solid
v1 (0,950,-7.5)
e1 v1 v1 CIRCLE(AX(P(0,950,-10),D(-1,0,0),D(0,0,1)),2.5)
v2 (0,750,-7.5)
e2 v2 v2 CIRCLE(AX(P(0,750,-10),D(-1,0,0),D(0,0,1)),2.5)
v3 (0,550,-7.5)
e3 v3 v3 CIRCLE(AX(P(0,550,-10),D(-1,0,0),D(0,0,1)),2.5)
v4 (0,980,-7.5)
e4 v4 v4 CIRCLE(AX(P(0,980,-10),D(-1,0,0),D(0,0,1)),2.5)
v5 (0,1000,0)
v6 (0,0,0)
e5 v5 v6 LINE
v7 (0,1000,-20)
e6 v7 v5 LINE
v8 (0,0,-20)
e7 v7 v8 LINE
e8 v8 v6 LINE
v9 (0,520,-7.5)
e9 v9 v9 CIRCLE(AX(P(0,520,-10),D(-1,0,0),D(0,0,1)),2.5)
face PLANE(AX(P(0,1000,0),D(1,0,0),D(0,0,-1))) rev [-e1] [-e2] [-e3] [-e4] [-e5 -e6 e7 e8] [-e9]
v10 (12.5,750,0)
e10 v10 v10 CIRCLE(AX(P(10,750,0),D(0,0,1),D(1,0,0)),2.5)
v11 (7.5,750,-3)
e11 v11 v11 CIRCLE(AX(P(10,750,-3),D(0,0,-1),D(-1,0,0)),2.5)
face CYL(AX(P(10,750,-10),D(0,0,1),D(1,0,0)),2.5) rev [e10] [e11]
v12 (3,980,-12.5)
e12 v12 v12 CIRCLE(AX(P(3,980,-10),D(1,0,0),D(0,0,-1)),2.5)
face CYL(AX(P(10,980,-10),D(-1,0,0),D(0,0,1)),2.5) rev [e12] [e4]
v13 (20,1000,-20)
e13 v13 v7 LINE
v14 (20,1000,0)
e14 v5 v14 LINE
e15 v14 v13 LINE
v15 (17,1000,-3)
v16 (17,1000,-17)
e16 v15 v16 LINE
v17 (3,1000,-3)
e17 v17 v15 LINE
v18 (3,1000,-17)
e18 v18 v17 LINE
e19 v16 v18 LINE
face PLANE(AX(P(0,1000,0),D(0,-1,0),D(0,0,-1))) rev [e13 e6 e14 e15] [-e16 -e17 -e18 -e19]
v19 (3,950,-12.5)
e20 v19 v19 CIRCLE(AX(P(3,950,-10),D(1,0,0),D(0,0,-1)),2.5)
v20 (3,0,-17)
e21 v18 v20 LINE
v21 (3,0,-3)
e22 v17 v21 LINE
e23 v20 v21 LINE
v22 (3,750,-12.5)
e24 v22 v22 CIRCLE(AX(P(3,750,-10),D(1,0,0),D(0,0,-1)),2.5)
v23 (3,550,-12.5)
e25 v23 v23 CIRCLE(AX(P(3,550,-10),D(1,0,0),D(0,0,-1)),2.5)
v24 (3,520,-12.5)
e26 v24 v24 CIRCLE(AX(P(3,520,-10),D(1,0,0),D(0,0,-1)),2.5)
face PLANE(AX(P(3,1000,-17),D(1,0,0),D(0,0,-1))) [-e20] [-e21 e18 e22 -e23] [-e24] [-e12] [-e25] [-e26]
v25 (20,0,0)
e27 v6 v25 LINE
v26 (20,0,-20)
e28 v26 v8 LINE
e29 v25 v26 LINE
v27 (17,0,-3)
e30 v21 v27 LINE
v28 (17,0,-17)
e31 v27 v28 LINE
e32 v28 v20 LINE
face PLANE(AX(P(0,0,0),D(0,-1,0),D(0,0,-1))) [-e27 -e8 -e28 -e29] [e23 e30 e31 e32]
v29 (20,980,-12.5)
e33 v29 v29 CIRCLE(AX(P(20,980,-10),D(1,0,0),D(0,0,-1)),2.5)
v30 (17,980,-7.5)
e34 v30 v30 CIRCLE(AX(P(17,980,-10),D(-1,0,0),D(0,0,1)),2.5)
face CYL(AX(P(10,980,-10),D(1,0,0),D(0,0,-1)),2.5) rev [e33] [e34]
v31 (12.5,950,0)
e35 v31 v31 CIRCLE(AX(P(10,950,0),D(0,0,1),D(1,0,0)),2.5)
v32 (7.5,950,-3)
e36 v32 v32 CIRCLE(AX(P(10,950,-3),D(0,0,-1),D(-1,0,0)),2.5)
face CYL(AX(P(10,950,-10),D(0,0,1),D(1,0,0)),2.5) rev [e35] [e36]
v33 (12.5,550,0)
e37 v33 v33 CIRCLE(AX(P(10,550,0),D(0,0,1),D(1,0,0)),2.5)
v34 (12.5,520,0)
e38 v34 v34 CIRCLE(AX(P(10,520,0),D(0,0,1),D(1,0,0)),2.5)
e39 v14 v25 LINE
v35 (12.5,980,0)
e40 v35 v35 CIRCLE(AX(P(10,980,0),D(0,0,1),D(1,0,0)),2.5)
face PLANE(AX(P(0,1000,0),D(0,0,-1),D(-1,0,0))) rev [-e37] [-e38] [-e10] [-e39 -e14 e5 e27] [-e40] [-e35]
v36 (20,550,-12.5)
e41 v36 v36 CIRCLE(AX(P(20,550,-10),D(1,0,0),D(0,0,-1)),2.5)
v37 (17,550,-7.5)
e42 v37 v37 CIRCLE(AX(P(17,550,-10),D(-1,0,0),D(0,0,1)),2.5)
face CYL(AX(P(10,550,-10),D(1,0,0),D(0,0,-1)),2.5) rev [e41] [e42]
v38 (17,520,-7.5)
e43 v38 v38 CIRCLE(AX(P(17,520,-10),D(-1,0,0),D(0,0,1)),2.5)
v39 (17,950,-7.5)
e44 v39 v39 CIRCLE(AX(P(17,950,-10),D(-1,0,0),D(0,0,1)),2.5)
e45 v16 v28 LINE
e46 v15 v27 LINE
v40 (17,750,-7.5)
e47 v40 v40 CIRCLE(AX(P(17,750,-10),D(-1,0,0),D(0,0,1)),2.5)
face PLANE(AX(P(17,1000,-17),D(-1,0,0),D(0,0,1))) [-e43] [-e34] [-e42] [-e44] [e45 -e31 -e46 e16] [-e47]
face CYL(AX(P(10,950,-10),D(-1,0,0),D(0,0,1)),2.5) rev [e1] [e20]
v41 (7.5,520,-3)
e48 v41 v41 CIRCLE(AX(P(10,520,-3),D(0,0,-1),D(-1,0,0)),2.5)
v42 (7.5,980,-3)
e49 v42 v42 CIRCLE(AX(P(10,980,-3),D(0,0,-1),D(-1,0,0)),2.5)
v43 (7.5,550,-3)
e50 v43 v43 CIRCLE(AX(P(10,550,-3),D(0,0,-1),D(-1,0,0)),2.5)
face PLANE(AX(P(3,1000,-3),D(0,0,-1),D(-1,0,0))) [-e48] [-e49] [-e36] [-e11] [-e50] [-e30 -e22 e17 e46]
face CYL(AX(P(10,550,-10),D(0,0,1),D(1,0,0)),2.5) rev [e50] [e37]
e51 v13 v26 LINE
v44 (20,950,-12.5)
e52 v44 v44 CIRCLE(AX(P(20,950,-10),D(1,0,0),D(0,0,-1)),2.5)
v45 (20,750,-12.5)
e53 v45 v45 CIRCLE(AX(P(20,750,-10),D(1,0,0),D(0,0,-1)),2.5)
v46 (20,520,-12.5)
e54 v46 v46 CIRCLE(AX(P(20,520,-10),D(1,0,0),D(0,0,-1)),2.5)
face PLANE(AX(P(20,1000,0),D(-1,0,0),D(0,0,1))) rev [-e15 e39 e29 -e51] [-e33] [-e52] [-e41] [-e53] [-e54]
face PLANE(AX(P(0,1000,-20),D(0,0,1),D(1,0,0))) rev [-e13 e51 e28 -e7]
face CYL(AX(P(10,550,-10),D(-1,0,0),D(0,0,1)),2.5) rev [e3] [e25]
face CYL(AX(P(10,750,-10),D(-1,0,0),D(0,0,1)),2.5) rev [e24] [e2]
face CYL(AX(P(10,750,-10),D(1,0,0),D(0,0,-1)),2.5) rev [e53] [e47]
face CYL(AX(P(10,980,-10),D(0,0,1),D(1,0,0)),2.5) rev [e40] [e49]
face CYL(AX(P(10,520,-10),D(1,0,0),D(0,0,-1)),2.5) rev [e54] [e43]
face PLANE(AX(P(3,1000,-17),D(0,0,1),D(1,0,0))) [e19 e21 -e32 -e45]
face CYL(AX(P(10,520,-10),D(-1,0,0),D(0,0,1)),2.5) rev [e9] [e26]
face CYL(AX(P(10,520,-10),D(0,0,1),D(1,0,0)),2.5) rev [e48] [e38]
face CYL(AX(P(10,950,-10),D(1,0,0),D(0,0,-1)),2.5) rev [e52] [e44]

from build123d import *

# Parameters (mm, degrees)
SKETCH1_W                   = 20
SKETCH1_H                   = 20
SKETCH1_W_2                 = 14
SKETCH1_H_2                 = 14
BOSS_EXTRUDE1_DEPTH         = 1000
SKETCH3_R                   = 2.5
CUT_EXTRUDE1_DEPTH          = 10
LPATTERN1_COUNT             = 3
LPATTERN1_PITCH             = 230
CIRPATTERN1_COPY_1_SKETCH_R = 2.5
CIRPATTERN1_COPY_1_DEPTH    = 10
CIRPATTERN1_COPY_2_SKETCH_R = 2.5
CIRPATTERN1_COPY_2_DEPTH    = 10
CIRPATTERN1_COPY_3_SKETCH_R = 2.5
CIRPATTERN1_COPY_3_DEPTH    = 10
CIRPATTERN1_COPY_4_SKETCH_R = 2.5
CIRPATTERN1_COPY_4_DEPTH    = 10
CIRPATTERN1_COPY_5_SKETCH_R = 2.5
CIRPATTERN1_COPY_5_DEPTH    = 10
CIRPATTERN1_COPY_6_SKETCH_R = 2.5
CIRPATTERN1_COPY_6_DEPTH    = 10
SKETCH6_R                   = 2.5
CUT_EXTRUDE2_DEPTH          = 10
LPATTERN2_COUNT             = 2
LPATTERN2_PITCH             = 400
CIRPATTERN2_COPY_1_SKETCH_R = 2.5
CIRPATTERN2_COPY_1_DEPTH    = 10
CIRPATTERN2_COPY_2_SKETCH_R = 2.5
CIRPATTERN2_COPY_2_DEPTH    = 10
CIRPATTERN2_COPY_3_SKETCH_R = 2.5
CIRPATTERN2_COPY_3_DEPTH    = 10
CIRPATTERN2_COPY_4_SKETCH_R = 2.5
CIRPATTERN2_COPY_4_DEPTH    = 10


with BuildPart() as part:
    # Sketch1 → Boss-Extrude1 (new body)
    with BuildSketch(Plane(origin=(0, 0, 0), x_dir=(1, 0, 0), z_dir=(0, 1, 0))):
        with Locations((10, 10)):
            Rectangle(SKETCH1_W, SKETCH1_H)
        with Locations((10, 10)):
            Rectangle(SKETCH1_W_2, SKETCH1_H_2, mode=Mode.SUBTRACT)
    extrude(amount=BOSS_EXTRUDE1_DEPTH)

    # Sketch3 → Cut-Extrude1 (cut)
    with BuildSketch(Plane(origin=(20, 0, 0), x_dir=(0, 0, -1), z_dir=(1, 0, 0))):
        with Locations((10, 980)):
            Circle(SKETCH3_R)
    cut_extrude1 = extrude(amount=-CUT_EXTRUDE1_DEPTH, mode=Mode.SUBTRACT)

    # LPattern1: Cut-Extrude1 ×3
    with Locations(*[(0, -i * LPATTERN1_PITCH, 0) for i in range(1, LPATTERN1_COUNT)]):
        add(cut_extrude1, mode=Mode.SUBTRACT)

    # CirPattern1 copy 1 sketch → CirPattern1 copy 1 (cut)
    with BuildSketch(Plane(origin=(0, -230, 0), x_dir=(1, 0, 0), z_dir=(0, 0, 1))):
        with Locations((10, 980)):
            Circle(CIRPATTERN1_COPY_1_SKETCH_R)
    extrude(amount=-CIRPATTERN1_COPY_1_DEPTH, mode=Mode.SUBTRACT)

    # CirPattern1 copy 2 sketch → CirPattern1 copy 2 (cut)
    with BuildSketch(Plane(origin=(0, -230, -20), x_dir=(0, 0, 1), z_dir=(-1, 0, 0))):
        with Locations((10, 980)):
            Circle(CIRPATTERN1_COPY_2_SKETCH_R)
    extrude(amount=-CIRPATTERN1_COPY_2_DEPTH, mode=Mode.SUBTRACT)

    # CirPattern1 copy 3 sketch → CirPattern1 copy 3 (cut)
    with BuildSketch(Plane(origin=(0, -460, 0), x_dir=(1, 0, 0), z_dir=(0, 0, 1))):
        with Locations((10, 980)):
            Circle(CIRPATTERN1_COPY_3_SKETCH_R)
    extrude(amount=-CIRPATTERN1_COPY_3_DEPTH, mode=Mode.SUBTRACT)

    # CirPattern1 copy 4 sketch → CirPattern1 copy 4 (cut)
    with BuildSketch(Plane(origin=(0, -460, -20), x_dir=(0, 0, 1), z_dir=(-1, 0, 0))):
        with Locations((10, 980)):
            Circle(CIRPATTERN1_COPY_4_SKETCH_R)
    extrude(amount=-CIRPATTERN1_COPY_4_DEPTH, mode=Mode.SUBTRACT)

    # CirPattern1 copy 5 sketch → CirPattern1 copy 5 (cut)
    with BuildSketch(Plane.XY):
        with Locations((10, 980)):
            Circle(CIRPATTERN1_COPY_5_SKETCH_R)
    extrude(amount=-CIRPATTERN1_COPY_5_DEPTH, mode=Mode.SUBTRACT)

    # CirPattern1 copy 6 sketch → CirPattern1 copy 6 (cut)
    with BuildSketch(Plane(origin=(0, 0, -20), x_dir=(0, 0, 1), z_dir=(-1, 0, 0))):
        with Locations((10, 980)):
            Circle(CIRPATTERN1_COPY_6_SKETCH_R)
    extrude(amount=-CIRPATTERN1_COPY_6_DEPTH, mode=Mode.SUBTRACT)

    # Sketch6 → Cut-Extrude2 (cut)
    with BuildSketch(Plane(origin=(20, 0, 0), x_dir=(0, 0, -1), z_dir=(1, 0, 0))):
        with Locations((10, 950)):
            Circle(SKETCH6_R)
    cut_extrude2 = extrude(amount=-CUT_EXTRUDE2_DEPTH, mode=Mode.SUBTRACT)

    # LPattern2: Cut-Extrude2 ×2
    with Locations(*[(0, -i * LPATTERN2_PITCH, 0) for i in range(1, LPATTERN2_COUNT)]):
        add(cut_extrude2, mode=Mode.SUBTRACT)

    # CirPattern2 copy 1 sketch → CirPattern2 copy 1 (cut)
    with BuildSketch(Plane(origin=(0, -400, 0), x_dir=(1, 0, 0), z_dir=(0, 0, 1))):
        with Locations((10, 950)):
            Circle(CIRPATTERN2_COPY_1_SKETCH_R)
    extrude(amount=-CIRPATTERN2_COPY_1_DEPTH, mode=Mode.SUBTRACT)

    # CirPattern2 copy 2 sketch → CirPattern2 copy 2 (cut)
    with BuildSketch(Plane(origin=(0, -400, -20), x_dir=(0, 0, 1), z_dir=(-1, 0, 0))):
        with Locations((10, 950)):
            Circle(CIRPATTERN2_COPY_2_SKETCH_R)
    extrude(amount=-CIRPATTERN2_COPY_2_DEPTH, mode=Mode.SUBTRACT)

    # CirPattern2 copy 3 sketch → CirPattern2 copy 3 (cut)
    with BuildSketch(Plane.XY):
        with Locations((10, 950)):
            Circle(CIRPATTERN2_COPY_3_SKETCH_R)
    extrude(amount=-CIRPATTERN2_COPY_3_DEPTH, mode=Mode.SUBTRACT)

    # CirPattern2 copy 4 sketch → CirPattern2 copy 4 (cut)
    with BuildSketch(Plane(origin=(0, 0, -20), x_dir=(0, 0, 1), z_dir=(-1, 0, 0))):
        with Locations((10, 950)):
            Circle(CIRPATTERN2_COPY_4_SKETCH_R)
    extrude(amount=-CIRPATTERN2_COPY_4_DEPTH, mode=Mode.SUBTRACT)


solid = part.part
